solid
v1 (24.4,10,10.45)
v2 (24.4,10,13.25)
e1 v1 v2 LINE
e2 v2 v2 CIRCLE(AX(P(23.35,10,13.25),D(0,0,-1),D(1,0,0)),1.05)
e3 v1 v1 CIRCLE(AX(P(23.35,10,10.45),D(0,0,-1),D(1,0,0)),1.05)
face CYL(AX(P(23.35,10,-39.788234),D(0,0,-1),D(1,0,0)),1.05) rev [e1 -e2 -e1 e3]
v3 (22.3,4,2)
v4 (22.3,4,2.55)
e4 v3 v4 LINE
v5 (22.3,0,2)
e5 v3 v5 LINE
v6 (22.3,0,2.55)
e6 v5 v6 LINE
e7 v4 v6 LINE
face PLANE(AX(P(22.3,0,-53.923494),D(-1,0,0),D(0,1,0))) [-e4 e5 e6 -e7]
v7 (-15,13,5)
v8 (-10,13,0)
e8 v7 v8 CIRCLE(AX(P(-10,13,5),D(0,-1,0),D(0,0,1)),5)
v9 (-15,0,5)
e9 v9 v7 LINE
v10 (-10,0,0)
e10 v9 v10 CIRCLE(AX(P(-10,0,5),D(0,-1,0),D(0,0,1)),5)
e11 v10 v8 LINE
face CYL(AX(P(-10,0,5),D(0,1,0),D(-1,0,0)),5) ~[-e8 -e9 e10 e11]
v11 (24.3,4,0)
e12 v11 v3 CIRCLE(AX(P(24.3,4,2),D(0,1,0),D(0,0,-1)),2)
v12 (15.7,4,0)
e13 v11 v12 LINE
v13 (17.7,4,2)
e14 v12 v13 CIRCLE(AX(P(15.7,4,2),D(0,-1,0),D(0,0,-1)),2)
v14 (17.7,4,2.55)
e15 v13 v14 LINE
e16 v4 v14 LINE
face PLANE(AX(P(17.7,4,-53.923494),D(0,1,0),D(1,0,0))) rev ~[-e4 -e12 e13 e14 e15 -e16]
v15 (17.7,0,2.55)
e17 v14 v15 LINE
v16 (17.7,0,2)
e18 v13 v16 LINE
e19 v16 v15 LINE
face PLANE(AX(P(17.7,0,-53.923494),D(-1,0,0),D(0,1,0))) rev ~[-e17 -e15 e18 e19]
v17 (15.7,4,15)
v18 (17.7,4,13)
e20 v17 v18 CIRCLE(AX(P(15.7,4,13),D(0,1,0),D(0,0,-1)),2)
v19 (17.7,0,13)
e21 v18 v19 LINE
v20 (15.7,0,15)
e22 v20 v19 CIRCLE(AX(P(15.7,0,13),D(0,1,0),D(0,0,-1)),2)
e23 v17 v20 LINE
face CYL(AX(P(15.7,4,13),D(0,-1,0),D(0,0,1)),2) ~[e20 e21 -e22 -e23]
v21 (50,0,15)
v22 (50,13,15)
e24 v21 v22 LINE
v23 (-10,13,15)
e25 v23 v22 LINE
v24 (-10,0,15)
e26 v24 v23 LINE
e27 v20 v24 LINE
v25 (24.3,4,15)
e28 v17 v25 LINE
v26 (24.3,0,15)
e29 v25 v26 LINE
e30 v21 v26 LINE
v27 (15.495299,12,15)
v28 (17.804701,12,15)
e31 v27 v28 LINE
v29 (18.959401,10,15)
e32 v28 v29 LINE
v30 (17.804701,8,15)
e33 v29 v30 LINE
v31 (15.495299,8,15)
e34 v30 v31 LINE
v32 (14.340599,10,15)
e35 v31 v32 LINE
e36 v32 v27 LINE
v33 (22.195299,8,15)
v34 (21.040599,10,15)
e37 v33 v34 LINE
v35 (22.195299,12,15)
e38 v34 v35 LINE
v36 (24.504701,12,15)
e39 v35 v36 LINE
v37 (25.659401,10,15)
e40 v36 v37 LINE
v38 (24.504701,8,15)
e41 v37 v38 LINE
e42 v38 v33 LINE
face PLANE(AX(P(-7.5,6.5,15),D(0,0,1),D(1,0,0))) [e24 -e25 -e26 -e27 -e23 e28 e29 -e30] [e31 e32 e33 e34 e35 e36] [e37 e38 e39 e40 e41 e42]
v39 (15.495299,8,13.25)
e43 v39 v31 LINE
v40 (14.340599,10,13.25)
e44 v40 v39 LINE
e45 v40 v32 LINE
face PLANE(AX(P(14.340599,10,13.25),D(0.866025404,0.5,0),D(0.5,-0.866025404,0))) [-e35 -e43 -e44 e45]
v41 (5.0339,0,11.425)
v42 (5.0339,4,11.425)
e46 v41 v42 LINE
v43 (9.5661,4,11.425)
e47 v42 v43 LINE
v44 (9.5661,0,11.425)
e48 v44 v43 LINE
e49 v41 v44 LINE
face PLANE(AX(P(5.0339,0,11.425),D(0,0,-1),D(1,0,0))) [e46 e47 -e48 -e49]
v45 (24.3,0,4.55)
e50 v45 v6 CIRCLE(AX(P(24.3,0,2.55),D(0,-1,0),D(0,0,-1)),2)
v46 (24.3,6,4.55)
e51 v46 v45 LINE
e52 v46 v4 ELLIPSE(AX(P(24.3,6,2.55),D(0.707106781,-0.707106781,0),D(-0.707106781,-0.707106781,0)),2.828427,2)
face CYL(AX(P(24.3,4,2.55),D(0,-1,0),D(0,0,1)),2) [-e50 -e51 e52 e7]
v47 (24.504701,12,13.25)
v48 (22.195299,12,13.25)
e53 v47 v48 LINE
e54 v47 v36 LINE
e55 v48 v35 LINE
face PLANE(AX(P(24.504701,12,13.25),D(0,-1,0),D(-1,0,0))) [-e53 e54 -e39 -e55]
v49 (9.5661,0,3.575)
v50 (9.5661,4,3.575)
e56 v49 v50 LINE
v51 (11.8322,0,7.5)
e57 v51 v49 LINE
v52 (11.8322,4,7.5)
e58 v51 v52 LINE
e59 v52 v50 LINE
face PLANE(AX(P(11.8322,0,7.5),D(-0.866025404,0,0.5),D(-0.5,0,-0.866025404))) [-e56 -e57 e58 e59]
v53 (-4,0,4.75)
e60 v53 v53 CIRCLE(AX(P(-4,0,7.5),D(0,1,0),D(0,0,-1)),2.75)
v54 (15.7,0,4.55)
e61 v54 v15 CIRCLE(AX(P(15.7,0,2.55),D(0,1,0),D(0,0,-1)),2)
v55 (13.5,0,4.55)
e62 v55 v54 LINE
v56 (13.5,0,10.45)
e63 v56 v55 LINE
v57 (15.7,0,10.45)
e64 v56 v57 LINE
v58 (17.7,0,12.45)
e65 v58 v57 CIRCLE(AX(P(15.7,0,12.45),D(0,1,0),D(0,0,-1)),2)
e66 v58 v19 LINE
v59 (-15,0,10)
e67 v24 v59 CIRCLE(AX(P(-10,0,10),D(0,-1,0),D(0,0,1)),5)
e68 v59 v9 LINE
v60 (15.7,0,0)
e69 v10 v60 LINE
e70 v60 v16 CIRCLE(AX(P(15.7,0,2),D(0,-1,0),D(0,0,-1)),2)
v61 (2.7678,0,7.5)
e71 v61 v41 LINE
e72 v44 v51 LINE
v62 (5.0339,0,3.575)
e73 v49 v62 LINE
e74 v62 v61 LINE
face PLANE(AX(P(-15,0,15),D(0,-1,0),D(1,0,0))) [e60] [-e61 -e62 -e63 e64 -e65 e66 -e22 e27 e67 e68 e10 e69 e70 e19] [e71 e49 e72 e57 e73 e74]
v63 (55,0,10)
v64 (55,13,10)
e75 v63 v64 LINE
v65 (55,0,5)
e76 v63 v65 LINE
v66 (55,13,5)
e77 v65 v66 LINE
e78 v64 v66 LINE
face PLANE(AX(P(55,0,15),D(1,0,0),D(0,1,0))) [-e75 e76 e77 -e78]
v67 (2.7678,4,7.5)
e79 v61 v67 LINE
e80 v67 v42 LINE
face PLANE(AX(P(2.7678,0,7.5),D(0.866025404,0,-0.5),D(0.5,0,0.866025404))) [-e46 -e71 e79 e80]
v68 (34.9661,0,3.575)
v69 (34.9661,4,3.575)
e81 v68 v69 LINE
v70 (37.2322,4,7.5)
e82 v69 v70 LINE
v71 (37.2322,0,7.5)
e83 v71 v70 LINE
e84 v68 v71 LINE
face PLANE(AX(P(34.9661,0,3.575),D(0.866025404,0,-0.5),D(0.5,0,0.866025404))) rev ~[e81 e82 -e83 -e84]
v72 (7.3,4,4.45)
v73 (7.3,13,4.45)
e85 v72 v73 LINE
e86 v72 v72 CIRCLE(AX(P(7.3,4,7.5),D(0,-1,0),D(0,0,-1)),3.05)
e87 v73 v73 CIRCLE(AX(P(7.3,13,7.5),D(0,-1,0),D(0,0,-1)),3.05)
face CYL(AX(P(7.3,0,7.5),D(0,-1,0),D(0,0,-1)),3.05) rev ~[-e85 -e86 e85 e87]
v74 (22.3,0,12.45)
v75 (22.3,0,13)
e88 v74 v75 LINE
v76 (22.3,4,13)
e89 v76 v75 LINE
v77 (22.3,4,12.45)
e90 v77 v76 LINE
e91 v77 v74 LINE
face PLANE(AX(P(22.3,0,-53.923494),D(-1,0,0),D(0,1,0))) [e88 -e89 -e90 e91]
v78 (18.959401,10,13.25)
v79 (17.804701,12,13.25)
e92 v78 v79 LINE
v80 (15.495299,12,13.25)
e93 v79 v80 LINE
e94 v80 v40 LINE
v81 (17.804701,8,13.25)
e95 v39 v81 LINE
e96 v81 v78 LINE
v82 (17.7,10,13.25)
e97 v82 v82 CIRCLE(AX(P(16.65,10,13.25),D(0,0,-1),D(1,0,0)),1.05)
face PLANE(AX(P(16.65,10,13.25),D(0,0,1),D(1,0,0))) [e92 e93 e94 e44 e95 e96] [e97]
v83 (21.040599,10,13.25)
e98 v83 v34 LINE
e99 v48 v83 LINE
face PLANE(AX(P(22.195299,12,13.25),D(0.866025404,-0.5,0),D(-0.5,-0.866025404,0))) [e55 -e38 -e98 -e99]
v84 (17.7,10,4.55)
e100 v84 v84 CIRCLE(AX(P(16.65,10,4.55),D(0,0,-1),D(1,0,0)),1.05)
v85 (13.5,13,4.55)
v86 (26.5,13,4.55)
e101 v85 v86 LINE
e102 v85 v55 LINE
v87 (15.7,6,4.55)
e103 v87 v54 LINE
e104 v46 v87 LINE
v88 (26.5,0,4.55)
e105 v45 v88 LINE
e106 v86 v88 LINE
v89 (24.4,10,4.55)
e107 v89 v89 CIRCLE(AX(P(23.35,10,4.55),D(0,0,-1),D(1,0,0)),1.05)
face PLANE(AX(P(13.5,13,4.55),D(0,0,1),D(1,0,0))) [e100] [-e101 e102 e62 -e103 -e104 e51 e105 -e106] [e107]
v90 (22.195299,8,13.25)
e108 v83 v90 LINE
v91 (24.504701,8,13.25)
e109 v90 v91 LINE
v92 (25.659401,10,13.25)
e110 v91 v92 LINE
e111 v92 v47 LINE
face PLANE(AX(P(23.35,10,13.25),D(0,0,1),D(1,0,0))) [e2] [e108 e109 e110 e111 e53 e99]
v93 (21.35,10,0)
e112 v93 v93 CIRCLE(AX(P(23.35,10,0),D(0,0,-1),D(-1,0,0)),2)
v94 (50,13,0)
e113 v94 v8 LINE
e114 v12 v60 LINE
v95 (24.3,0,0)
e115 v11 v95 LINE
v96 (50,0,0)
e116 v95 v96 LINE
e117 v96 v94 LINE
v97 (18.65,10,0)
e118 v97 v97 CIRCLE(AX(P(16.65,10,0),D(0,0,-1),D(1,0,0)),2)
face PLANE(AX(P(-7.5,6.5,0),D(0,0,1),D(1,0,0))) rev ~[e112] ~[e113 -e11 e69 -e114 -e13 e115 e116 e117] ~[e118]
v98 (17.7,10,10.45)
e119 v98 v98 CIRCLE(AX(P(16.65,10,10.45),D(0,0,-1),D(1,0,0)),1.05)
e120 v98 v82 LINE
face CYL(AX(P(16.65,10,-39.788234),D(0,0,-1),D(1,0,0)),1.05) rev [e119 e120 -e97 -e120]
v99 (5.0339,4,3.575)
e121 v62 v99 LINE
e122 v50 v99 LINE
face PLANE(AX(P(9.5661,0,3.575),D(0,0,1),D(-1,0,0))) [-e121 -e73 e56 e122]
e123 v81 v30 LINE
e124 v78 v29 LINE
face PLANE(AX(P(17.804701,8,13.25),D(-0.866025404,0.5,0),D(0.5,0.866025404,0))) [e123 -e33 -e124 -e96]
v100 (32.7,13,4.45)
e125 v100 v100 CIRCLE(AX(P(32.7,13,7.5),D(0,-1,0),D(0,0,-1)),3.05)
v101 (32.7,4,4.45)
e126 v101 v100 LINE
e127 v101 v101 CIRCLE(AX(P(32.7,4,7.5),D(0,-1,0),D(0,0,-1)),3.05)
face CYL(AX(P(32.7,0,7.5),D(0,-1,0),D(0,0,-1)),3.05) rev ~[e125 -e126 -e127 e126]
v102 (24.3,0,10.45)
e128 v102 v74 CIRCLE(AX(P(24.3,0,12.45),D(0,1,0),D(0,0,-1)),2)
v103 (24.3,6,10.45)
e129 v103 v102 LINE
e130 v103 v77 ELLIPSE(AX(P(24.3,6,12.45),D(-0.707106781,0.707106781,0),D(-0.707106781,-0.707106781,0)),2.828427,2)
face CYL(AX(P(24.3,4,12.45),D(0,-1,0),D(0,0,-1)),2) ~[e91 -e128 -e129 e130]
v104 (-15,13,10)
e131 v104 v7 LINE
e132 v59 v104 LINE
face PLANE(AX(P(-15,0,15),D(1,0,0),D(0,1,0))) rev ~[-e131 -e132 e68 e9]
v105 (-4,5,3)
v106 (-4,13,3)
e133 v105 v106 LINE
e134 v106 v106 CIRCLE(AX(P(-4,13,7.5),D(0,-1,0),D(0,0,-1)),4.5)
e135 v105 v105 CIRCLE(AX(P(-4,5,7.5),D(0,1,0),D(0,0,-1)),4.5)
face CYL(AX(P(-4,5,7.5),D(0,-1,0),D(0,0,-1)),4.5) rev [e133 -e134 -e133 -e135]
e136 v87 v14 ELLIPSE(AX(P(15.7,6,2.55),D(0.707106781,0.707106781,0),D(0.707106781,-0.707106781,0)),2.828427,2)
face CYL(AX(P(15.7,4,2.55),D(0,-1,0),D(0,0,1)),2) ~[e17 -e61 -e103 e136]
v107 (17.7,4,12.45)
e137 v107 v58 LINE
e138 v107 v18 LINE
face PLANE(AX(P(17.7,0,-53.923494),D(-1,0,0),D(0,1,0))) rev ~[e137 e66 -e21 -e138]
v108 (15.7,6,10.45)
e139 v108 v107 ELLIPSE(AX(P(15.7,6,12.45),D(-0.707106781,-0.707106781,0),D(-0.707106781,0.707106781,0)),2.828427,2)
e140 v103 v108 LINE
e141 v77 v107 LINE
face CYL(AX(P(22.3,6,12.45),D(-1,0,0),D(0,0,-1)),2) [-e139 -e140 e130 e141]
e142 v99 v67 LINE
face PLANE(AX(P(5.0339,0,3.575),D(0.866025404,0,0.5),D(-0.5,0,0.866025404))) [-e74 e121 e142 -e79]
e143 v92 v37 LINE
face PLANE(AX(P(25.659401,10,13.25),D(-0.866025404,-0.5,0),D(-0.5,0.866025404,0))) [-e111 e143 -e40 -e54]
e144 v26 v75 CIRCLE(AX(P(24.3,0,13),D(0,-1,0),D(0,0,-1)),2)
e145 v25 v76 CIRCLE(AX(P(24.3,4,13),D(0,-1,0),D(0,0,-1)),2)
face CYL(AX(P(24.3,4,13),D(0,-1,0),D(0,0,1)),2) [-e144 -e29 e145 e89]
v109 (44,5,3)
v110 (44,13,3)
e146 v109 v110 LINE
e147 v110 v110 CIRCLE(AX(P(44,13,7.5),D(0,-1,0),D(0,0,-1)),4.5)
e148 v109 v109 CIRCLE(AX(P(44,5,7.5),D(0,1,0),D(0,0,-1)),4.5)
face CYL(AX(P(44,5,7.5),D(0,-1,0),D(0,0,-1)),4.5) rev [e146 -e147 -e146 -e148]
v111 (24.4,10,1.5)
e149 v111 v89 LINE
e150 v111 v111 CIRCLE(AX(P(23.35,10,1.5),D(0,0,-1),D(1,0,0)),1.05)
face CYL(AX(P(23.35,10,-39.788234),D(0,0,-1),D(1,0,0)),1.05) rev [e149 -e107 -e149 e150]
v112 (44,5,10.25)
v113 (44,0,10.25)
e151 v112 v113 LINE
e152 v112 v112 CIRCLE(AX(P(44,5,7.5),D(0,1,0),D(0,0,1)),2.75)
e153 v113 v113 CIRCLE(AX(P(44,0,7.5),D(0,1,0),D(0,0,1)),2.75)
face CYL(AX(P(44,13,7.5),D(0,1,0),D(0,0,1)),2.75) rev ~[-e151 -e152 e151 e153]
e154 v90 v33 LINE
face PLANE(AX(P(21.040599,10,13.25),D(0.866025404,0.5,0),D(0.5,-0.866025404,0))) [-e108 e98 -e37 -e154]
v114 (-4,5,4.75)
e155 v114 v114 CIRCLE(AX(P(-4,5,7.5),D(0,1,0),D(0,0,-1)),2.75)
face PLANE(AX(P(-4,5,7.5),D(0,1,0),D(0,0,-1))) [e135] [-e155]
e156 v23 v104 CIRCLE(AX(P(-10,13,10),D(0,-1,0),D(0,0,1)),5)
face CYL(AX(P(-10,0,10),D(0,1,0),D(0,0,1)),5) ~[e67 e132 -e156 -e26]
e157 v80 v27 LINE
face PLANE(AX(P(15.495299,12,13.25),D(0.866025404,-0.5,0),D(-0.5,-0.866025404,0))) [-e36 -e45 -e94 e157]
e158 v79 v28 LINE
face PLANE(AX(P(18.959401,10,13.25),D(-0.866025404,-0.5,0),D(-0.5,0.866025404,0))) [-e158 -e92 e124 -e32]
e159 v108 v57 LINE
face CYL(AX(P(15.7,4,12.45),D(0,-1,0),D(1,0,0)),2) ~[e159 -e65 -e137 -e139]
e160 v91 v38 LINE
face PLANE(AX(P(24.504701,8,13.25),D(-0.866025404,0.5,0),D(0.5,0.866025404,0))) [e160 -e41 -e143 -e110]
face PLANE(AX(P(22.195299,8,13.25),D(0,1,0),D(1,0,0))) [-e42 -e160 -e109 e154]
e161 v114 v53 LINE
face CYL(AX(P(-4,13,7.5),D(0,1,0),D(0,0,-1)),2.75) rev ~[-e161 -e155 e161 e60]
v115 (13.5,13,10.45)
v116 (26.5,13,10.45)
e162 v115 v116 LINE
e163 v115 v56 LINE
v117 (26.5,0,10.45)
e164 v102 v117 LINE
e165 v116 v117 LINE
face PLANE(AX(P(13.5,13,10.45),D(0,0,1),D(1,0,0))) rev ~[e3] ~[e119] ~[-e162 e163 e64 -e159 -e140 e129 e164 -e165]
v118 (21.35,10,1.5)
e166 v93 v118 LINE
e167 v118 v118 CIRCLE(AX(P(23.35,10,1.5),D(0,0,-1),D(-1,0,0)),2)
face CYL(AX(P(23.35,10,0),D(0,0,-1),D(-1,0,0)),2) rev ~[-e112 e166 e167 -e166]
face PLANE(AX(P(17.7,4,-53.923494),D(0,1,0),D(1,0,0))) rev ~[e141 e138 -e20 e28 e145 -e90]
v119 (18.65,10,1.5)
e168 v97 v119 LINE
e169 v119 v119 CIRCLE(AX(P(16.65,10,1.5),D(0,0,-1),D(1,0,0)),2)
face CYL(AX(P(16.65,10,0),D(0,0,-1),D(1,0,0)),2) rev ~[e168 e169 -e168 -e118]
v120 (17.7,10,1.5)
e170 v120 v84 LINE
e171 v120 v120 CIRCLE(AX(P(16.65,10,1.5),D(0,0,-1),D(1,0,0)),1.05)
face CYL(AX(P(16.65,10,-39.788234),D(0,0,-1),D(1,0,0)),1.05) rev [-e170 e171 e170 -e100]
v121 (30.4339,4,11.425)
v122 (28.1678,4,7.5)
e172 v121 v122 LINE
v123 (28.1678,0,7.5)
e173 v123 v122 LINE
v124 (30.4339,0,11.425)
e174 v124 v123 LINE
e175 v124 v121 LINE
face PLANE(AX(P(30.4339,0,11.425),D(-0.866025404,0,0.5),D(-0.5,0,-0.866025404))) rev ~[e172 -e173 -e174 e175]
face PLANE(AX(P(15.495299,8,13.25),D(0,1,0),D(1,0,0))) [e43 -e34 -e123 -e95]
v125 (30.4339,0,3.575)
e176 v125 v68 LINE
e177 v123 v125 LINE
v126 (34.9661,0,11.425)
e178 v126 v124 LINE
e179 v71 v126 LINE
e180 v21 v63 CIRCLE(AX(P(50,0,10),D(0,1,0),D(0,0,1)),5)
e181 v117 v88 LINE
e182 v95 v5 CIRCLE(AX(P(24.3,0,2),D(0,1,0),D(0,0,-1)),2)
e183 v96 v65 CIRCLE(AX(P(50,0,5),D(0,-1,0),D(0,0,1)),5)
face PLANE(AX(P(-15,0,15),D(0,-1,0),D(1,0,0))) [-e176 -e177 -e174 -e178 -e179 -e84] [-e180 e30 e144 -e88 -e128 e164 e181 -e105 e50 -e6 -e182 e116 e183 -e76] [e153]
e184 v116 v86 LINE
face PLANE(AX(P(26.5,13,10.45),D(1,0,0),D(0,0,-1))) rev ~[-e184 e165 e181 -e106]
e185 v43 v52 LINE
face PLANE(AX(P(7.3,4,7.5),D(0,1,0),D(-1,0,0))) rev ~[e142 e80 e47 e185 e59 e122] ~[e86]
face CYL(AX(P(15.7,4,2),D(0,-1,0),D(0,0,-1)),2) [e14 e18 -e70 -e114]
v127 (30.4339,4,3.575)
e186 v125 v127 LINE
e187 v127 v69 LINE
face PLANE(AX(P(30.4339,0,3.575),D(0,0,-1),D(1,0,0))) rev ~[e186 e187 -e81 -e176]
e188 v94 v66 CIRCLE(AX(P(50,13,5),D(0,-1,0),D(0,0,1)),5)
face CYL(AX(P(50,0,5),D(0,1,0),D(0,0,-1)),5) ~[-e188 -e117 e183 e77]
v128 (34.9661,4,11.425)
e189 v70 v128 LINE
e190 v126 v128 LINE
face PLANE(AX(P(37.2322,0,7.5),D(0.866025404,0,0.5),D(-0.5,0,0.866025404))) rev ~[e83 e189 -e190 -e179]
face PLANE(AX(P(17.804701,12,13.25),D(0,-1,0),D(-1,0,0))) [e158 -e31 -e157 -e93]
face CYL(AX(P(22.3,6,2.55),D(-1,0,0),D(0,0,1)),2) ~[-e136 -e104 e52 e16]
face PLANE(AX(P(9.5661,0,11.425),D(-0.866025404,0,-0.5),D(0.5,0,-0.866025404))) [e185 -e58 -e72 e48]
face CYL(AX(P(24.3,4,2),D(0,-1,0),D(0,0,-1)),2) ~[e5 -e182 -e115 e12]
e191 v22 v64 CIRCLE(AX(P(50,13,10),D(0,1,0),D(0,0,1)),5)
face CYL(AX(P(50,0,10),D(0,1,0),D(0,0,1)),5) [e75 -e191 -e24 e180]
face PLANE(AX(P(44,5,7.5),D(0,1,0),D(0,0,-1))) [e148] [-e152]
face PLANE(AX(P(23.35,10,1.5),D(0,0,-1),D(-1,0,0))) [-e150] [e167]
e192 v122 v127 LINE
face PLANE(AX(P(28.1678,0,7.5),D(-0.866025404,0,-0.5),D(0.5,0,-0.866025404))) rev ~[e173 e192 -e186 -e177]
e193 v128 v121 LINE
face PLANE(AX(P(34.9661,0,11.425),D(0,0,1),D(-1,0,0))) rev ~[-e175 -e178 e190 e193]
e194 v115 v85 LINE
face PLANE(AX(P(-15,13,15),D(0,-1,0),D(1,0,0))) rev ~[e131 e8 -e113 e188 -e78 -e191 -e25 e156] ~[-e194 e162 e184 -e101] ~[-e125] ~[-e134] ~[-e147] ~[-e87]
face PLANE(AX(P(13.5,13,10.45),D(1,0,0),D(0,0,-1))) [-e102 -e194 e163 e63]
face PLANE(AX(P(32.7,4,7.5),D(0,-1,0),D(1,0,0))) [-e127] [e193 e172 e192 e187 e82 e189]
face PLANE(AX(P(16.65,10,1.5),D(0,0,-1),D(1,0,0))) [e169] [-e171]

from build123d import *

# Parameters (mm, degrees)
SKETCH1_W                = 40
SKETCH1_H                = 13
SWITCHCASE_DEPTH         = 15
SKETCH2_W                = 13
SKETCH2_H                = 5.9
SWITCHCAVITY_DEPTH       = 45.654227124
SWITCHM2HOLES_DEPTH      = 44.338233697
SWITCHM2HOLES_DEPTH_BACK = 44.338233697
SKETCH3_R                = 1.05
SKETCH14_R               = 2
M2HEAD_DEPTH             = 1.5
M2NUTINSERTS_DEPTH       = 45.654227124
M2NUTINSERTS_DEPTH_BACK  = 1.75
SKETCH7_W                = 15
SKETCH7_H                = 13
WINGS_DEPTH              = 15
M5NUTS_DEPTH             = 4
SKETCH10_R               = 3.05
M6HOLE_DEPTH             = 59.472215624
WIRECHANNEL_DEPTH        = 58.473493891
WIRECHANNEL_DEPTH_BACK   = 58.473493891
SKETCH11_W               = 4.6
SKETCH11_H               = 4
CHANNELFILLET_R          = 2
M5HEAD_DEPTH             = 59.472215624
M5HEAD_DEPTH_BACK        = 8
SKETCH12_R               = 4.5
SKETCH13_R               = 2.75
M5THREAD_DEPTH           = 59.472215624
ENDFILLET_R              = 5


with BuildPart() as part:
    # Sketch1 → SwitchCase (new body)
    with BuildSketch(Plane.XY):
        with Locations((20, 6.5)):
            Rectangle(SKETCH1_W, SKETCH1_H)
    extrude(amount=SWITCHCASE_DEPTH)

    # Sketch2 → SwitchCavity (cut, through all)
    with BuildSketch(Plane(origin=(0, 13, 0), x_dir=(1, 0, 0), z_dir=(0, 1, 0))):
        with Locations((20, -7.5)):
            Rectangle(SKETCH2_W, SKETCH2_H)
    extrude(amount=-SWITCHCAVITY_DEPTH, mode=Mode.SUBTRACT)

    # Sketch3 → SwitchM2Holes (cut, two sides: drawn at the far end of the back side and taken through both)
    with BuildSketch(Plane.XY.offset(4.55).offset(-SWITCHM2HOLES_DEPTH_BACK)):
        with Locations((16.65, 10)):
            Circle(SKETCH3_R)
        with Locations((23.35, 10)):
            Circle(SKETCH3_R)
    extrude(amount=SWITCHM2HOLES_DEPTH + SWITCHM2HOLES_DEPTH_BACK, mode=Mode.SUBTRACT)

    # Sketch14 → M2Head (cut)
    with BuildSketch(Plane(origin=(0, 0, 0), x_dir=(-1, 0, 0), z_dir=(0, 0, -1))):
        with Locations((-23.35, 10)):
            Circle(SKETCH14_R)
        with Locations(Location((-16.65, 10, 0), (0, 0, 180))):
            Circle(SKETCH14_R)
    extrude(amount=-M2HEAD_DEPTH, mode=Mode.SUBTRACT)

    # Sketch5 → M2NutInserts (cut, two sides: drawn at the far end of the back side and taken through both)
    with BuildSketch(Plane.XY.offset(15).offset(-M2NUTINSERTS_DEPTH_BACK)):
        Polygon((18.959401077, 10), (17.804700538, 12), (15.495299462, 12), (14.340598923, 10), (15.495299462, 8), (17.804700538, 8), align=None)
        Polygon((25.659401077, 10), (24.504700538, 12), (22.195299462, 12), (21.040598923, 10), (22.195299462, 8), (24.504700538, 8), align=None)
    extrude(amount=M2NUTINSERTS_DEPTH + M2NUTINSERTS_DEPTH_BACK, mode=Mode.SUBTRACT)

    # Sketch7 → Wings (add)
    with BuildSketch(Plane.XY.offset(15)):
        with Locations((-7.5, 6.5)):
            Rectangle(SKETCH7_W, SKETCH7_H)
        with Locations((47.5, 6.5)):
            Rectangle(SKETCH7_W, SKETCH7_H)
    extrude(amount=-WINGS_DEPTH)

    # Sketch9 → M5Nuts (cut)
    with BuildSketch(Plane.XZ):
        Polygon((37.232199613, 7.5), (34.966099807, 11.425), (30.433900193, 11.425), (28.167800387, 7.5), (30.433900193, 3.575), (34.966099807, 3.575), align=None)
        Polygon((5.033900193, 3.575), (2.767800387, 7.5), (5.033900193, 11.425), (9.566099807, 11.425), (11.832199613, 7.5), (9.566099807, 3.575), align=None)
    extrude(amount=-M5NUTS_DEPTH, mode=Mode.SUBTRACT)

    # Sketch10 → M6Hole (cut, through all)
    with BuildSketch(Plane.XZ):
        with Locations(Location((7.3, 7.5, 0), (0, 0, 270))):
            Circle(SKETCH10_R)
        with Locations(Location((32.7, 7.5, 0), (0, 0, 270))):
            Circle(SKETCH10_R)
    extrude(amount=-M6HOLE_DEPTH, mode=Mode.SUBTRACT)

    # Sketch11 → WireChannel (cut, two sides: drawn at the far end of the back side and taken through both)
    with BuildSketch(Plane.XY.offset(4.55).offset(-WIRECHANNEL_DEPTH_BACK)):
        with Locations((20, 2)):
            Rectangle(SKETCH11_W, SKETCH11_H)
    extrude(amount=WIRECHANNEL_DEPTH + WIRECHANNEL_DEPTH_BACK, mode=Mode.SUBTRACT)

    # ChannelFillet
    channelfillet_edges = [part.edges().sort_by_distance(p)[0] for p in [
        (20, 4, 10.45),
        (17.7, 2, 10.45),
        (22.3, 2, 10.45),
        (22.3, 2, 4.55),
        (22.3, 2, 0),
        (17.7, 2, 4.55),
        (17.7, 2, 0),
        (20, 4, 4.55),
        (22.3, 2, 15),
        (17.7, 2, 15),
    ]]
    fillet(channelfillet_edges, radius=CHANNELFILLET_R)

    # Sketch12 → M5Head (cut, two sides: drawn at the far end of the back side and taken through both)
    with BuildSketch(Plane(origin=(0, 13, 0), x_dir=(1, 0, 0), z_dir=(0, 1, 0)).offset(-M5HEAD_DEPTH_BACK)):
        with Locations(Location((44, -7.5, 0), (0, 0, 90))):
            Circle(SKETCH12_R)
        with Locations(Location((-4, -7.5, 0), (0, 0, 90))):
            Circle(SKETCH12_R)
    extrude(amount=M5HEAD_DEPTH + M5HEAD_DEPTH_BACK, mode=Mode.SUBTRACT)

    # Sketch13 → M5Thread (cut, through all)
    with BuildSketch(Plane(origin=(0, 13, 0), x_dir=(1, 0, 0), z_dir=(0, 1, 0))):
        with Locations(Location((44, -7.5, 0), (0, 0, 270))):
            Circle(SKETCH13_R)
        with Locations(Location((-4, -7.5, 0), (0, 0, 90))):
            Circle(SKETCH13_R)
    extrude(amount=-M5THREAD_DEPTH, mode=Mode.SUBTRACT)

    # EndFillet
    endfillet_edges = [part.edges().sort_by_distance(p)[0] for p in [
        (-15, 6.5, 15),
        (-15, 6.5, 0),
        (55, 6.5, 15),
        (55, 6.5, 0),
    ]]
    fillet(endfillet_edges, radius=ENDFILLET_R)


solid = part.part
